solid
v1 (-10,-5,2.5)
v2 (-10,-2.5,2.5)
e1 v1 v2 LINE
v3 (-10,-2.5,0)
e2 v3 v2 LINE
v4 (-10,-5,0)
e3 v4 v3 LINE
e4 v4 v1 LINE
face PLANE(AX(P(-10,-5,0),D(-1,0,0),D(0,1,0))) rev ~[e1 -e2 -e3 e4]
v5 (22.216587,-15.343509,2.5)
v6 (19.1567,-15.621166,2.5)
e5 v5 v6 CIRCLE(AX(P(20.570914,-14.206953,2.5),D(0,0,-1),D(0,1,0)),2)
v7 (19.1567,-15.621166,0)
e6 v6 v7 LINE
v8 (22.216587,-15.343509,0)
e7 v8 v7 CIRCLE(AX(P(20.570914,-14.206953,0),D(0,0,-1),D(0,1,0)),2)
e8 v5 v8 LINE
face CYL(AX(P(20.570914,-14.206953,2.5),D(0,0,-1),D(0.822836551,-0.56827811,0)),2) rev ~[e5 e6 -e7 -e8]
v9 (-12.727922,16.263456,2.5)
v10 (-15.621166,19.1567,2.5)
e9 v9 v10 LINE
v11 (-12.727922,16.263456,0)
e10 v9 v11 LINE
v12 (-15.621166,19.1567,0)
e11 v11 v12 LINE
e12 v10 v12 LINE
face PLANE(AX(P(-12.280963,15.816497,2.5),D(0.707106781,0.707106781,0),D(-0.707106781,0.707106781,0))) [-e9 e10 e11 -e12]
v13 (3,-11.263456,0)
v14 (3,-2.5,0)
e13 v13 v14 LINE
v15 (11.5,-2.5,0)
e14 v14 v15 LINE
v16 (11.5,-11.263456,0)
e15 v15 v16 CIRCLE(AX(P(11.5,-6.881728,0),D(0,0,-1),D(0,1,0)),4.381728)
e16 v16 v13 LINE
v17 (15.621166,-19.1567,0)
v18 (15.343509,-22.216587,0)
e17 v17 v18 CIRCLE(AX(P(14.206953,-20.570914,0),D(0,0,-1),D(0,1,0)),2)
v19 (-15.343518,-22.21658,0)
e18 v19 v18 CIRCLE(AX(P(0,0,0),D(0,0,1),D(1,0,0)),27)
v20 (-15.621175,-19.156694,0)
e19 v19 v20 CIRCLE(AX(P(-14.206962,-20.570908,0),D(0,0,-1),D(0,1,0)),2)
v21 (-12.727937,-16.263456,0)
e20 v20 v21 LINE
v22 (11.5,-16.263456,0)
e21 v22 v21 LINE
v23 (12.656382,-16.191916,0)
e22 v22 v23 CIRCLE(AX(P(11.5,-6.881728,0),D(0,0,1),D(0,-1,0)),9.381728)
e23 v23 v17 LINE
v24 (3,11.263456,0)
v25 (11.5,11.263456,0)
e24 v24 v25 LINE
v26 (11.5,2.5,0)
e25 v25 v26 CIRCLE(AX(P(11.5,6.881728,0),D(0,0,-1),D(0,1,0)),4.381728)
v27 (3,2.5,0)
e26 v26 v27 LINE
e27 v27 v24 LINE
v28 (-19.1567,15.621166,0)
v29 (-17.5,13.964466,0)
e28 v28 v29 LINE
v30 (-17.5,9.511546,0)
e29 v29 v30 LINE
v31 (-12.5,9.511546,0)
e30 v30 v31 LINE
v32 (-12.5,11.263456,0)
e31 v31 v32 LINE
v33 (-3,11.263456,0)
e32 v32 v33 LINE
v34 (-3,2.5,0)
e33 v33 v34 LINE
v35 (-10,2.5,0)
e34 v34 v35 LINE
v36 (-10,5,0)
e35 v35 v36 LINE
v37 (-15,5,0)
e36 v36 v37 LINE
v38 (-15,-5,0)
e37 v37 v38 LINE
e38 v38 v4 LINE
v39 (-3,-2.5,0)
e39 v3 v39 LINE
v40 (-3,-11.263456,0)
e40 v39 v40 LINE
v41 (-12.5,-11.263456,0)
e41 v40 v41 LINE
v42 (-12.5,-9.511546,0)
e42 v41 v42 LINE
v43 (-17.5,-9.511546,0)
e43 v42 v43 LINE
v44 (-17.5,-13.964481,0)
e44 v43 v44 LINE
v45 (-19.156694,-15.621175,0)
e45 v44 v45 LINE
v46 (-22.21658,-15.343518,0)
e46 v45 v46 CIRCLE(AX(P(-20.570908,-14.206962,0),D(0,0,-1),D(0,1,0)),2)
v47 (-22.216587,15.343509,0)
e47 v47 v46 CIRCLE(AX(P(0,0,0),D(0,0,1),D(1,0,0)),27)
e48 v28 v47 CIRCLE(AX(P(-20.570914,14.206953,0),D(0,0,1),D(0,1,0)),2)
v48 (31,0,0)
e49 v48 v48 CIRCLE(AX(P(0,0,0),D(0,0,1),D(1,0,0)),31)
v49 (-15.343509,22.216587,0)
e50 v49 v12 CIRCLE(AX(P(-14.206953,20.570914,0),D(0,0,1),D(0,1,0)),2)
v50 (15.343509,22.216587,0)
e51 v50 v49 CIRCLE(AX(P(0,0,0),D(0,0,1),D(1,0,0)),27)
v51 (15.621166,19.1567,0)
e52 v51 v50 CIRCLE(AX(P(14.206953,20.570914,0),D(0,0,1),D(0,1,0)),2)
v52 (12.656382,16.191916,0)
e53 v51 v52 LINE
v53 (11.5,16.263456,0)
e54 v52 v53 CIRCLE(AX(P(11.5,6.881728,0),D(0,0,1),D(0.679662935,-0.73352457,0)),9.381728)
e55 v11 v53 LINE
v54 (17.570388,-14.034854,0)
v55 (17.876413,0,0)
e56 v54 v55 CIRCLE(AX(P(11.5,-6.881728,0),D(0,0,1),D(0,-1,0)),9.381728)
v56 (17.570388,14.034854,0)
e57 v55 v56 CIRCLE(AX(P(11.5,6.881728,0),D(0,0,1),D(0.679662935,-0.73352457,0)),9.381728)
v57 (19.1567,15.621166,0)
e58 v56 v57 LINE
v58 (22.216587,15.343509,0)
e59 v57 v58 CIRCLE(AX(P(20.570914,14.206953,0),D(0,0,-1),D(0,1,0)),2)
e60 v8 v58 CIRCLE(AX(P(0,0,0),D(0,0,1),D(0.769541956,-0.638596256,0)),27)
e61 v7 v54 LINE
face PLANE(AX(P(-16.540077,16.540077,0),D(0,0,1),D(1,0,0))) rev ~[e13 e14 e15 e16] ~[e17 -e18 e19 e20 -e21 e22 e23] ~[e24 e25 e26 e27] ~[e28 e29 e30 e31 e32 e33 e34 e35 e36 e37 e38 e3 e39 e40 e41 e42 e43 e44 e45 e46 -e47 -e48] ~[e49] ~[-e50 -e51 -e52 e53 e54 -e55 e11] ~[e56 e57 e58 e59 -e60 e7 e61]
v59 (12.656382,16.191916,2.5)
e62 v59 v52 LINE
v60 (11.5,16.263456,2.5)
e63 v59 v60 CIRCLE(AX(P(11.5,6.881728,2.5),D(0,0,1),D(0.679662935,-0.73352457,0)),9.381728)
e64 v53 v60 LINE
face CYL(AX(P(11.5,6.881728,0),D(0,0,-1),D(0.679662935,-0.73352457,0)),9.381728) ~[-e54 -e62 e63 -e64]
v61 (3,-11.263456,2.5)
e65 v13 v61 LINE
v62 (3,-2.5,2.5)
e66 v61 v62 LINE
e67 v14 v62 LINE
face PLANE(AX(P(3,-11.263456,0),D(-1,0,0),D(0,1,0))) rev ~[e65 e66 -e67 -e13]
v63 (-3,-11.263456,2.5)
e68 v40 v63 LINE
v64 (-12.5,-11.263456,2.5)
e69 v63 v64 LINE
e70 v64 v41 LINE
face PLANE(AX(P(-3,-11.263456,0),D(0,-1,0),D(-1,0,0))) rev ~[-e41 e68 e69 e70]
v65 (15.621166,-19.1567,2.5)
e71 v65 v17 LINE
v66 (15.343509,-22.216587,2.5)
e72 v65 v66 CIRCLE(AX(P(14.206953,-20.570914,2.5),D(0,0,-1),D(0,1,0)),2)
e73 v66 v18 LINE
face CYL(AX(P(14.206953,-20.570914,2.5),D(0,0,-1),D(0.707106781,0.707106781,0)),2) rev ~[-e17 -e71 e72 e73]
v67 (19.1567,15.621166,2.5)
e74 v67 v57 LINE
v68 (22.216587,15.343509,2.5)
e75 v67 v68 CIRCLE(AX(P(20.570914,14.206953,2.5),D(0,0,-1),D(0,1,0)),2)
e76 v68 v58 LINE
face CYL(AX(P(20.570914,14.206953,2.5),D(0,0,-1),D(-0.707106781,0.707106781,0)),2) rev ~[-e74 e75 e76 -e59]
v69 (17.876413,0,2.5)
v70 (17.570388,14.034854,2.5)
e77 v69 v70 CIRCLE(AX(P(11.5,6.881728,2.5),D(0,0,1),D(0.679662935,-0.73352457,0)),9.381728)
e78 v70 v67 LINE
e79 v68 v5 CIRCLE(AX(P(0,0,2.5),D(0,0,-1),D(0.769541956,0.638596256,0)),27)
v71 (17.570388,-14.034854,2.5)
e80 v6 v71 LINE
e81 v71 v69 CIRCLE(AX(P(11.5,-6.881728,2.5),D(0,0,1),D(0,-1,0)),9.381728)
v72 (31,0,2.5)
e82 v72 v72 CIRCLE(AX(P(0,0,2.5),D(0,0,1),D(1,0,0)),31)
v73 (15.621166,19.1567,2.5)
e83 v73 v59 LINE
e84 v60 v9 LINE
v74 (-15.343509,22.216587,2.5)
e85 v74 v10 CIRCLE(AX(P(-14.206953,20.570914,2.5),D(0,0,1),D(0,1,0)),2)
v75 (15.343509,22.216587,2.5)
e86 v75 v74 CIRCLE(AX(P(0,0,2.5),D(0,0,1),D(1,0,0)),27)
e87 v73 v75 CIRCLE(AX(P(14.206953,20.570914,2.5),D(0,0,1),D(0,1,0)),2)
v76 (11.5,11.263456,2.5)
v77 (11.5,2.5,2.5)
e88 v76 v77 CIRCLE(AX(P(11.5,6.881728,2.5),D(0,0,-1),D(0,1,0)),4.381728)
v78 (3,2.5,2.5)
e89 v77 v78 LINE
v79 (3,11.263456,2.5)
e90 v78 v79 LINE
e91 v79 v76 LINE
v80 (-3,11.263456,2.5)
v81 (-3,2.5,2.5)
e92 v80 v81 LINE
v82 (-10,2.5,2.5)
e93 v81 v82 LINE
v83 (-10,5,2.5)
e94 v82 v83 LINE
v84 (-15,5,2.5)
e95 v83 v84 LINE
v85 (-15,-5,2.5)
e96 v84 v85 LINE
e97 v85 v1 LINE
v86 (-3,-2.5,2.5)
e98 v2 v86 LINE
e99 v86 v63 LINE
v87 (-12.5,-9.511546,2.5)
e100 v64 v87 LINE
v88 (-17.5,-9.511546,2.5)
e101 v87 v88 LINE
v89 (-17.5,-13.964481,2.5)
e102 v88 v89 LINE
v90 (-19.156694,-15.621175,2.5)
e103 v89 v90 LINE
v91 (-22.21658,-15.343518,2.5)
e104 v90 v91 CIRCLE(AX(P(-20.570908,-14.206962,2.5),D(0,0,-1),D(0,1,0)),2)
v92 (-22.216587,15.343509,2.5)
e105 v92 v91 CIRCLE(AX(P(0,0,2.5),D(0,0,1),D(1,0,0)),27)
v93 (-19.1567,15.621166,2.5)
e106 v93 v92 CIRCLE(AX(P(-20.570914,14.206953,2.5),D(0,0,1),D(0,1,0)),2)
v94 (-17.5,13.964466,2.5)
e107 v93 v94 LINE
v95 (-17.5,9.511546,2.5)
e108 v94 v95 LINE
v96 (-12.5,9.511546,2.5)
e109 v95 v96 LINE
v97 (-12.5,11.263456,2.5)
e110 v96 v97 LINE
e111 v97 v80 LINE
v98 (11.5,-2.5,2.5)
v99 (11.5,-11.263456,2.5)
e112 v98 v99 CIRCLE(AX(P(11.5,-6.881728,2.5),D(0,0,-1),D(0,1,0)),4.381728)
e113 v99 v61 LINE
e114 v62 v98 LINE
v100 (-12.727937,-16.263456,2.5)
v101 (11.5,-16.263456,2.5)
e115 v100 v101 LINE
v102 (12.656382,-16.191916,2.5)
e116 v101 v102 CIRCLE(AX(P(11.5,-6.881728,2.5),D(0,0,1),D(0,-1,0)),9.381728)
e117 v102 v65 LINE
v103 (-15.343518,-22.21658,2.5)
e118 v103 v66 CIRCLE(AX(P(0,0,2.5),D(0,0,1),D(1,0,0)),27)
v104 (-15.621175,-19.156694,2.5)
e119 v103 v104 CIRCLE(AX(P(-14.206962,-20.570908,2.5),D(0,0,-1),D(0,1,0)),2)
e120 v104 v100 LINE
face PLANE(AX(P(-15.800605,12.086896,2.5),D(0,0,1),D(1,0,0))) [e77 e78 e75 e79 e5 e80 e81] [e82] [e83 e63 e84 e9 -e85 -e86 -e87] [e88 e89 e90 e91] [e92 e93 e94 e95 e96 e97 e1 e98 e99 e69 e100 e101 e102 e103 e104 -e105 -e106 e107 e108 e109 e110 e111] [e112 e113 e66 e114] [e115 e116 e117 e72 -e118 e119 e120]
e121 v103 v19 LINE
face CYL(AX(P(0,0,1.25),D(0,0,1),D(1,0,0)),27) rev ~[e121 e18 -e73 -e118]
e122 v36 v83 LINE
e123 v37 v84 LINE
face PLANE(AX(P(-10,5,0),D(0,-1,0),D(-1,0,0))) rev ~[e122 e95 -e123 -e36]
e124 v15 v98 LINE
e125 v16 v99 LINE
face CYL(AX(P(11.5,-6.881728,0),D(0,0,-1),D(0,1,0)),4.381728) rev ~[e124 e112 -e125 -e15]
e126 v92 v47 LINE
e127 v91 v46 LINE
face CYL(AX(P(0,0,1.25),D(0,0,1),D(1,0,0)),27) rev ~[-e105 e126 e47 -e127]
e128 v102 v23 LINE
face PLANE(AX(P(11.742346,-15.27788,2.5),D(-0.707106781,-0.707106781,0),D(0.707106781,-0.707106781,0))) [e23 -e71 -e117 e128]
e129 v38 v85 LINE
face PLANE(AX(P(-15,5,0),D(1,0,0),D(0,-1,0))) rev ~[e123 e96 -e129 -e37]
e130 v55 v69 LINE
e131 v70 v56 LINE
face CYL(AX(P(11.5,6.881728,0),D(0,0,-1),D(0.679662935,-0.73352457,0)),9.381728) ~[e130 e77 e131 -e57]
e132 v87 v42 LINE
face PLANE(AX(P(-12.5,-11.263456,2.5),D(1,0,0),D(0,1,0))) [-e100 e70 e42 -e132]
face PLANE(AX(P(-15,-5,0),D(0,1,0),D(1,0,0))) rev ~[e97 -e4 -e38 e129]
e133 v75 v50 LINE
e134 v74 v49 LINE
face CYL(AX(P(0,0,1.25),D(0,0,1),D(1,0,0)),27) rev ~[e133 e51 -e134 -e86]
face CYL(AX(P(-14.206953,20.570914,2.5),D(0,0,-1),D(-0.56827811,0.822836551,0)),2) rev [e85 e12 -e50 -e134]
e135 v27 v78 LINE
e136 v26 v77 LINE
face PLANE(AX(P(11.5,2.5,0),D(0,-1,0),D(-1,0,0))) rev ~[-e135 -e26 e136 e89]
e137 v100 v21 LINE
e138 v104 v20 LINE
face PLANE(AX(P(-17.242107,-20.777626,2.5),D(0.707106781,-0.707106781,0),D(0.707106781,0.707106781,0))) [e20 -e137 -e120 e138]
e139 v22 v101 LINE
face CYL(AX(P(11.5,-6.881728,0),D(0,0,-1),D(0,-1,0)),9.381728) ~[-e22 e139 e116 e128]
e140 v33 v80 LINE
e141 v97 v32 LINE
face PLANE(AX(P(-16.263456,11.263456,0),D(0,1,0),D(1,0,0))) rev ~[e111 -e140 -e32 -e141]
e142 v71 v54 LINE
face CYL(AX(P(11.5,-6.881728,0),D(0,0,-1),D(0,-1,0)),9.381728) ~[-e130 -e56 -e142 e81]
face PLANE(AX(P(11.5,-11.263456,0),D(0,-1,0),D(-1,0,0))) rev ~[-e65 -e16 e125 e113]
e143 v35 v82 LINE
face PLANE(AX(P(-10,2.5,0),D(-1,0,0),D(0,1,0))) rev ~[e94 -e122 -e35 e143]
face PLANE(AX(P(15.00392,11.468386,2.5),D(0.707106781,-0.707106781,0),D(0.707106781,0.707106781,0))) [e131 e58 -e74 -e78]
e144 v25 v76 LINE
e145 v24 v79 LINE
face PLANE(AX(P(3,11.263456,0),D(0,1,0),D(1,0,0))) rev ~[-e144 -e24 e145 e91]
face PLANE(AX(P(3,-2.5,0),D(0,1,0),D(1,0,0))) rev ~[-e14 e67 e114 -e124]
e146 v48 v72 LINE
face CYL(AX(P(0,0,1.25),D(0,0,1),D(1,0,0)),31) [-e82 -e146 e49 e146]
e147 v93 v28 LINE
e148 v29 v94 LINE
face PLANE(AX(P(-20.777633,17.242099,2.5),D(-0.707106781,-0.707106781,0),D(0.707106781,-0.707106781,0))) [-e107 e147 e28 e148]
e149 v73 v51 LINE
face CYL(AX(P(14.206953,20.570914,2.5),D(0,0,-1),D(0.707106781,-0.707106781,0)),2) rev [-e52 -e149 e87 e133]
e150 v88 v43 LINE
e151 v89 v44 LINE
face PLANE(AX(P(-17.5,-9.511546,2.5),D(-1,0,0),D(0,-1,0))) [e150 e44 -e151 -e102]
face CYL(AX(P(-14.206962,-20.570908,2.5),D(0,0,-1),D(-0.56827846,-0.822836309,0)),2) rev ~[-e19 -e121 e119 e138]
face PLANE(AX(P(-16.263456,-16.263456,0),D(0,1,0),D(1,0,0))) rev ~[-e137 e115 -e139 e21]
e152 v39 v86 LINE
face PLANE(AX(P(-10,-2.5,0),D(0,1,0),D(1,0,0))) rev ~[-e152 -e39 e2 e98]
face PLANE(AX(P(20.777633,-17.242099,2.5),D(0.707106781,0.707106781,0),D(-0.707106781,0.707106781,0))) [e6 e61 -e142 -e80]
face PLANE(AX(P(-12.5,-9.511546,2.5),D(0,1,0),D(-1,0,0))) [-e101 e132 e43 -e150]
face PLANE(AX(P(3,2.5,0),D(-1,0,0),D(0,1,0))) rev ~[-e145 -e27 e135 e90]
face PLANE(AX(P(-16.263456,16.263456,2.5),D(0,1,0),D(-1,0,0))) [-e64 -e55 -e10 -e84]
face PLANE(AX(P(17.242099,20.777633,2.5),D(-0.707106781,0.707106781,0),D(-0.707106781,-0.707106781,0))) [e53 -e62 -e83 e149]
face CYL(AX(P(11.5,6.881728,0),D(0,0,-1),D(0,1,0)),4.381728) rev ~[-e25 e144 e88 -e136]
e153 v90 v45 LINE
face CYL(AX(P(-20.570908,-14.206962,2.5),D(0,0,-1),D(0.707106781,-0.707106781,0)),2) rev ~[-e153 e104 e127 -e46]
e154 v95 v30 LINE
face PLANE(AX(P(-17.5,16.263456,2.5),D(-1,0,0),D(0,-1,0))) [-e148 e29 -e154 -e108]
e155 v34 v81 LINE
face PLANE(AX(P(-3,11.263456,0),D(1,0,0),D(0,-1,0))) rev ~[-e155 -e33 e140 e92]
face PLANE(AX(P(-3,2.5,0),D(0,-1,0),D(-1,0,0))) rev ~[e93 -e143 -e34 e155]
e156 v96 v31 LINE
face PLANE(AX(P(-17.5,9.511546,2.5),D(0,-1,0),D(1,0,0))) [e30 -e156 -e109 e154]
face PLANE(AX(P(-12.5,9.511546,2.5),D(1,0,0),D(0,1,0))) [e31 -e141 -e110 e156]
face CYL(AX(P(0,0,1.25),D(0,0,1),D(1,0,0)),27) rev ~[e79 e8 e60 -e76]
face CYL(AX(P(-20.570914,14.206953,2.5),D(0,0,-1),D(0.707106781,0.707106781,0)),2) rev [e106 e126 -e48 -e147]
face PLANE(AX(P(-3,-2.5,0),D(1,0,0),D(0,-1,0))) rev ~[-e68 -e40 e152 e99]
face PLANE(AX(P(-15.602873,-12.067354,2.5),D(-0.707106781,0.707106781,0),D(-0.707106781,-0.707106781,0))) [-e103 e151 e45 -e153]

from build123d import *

# Parameters (mm, degrees)
F0_W     = 4
F0_H     = 2.5
F3_DEPTH = 2.5
F5_DEPTH = 2.5
F7_DEPTH = 2.5
F8_R     = 2
F9_R     = 2
F10_R    = 2
F11_R    = 2


with BuildPart() as f1:
    # F0 (on Front) → F1 (revolve)
    with BuildSketch(Plane.XZ):
        with Locations((29, 1.25)):
            Rectangle(F0_W, F0_H)
    revolve(axis=Axis((0, 0, 8.2326699048), (0, 0, 1)))



with BuildPart() as f3:
    # F2 (on Top) → F3 (new body, through all)
    with BuildSketch(Plane.XY):
        with BuildLine():
            Line((11.5, 16.2634559673), (-16.2634559673, 16.2634559673))
            Line((-16.2634559673, 16.2634559673), (-16.2634559673, 11.2634559673))
            Line((-16.2634559673, 11.2634559673), (-3, 11.2634559673))
            Line((-3, 11.2634559673), (-3, 2.5))
            Line((-3, 2.5), (-10, 2.5))
            Line((-10, 2.5), (-10, 5))
            Line((-10, 5), (-15, 5))
            Line((-15, 5), (-15, -5))
            Line((-15, -5), (-10, -5))
            Line((-10, -5), (-10, -2.5))
            Line((-10, -2.5), (-3, -2.5))
            Line((-3, -2.5), (-3, -11.2634559673))
            Line((-3, -11.2634559673), (-16.2634559673, -11.2634559673))
            Line((-16.2634559673, -11.2634559673), (-16.2634559673, -16.2634559673))
            Line((-16.2634559673, -16.2634559673), (11.5, -16.2634559673))
            ThreePointArc((11.5, -16.2634559673), (20.2343952269, -10.3062221039), (17.8764127782, 0))
            ThreePointArc((17.8764127782, 0), (20.2343952269, 10.3062221039), (11.5, 16.2634559673))
        make_face()
        with BuildLine():
            ThreePointArc((11.5, -2.5), (15.8817279836, -6.8817279836), (11.5, -11.2634559673))
            Line((11.5, -11.2634559673), (3, -11.2634559673))
            Line((3, -11.2634559673), (3, -2.5))
            Line((3, -2.5), (11.5, -2.5))
        make_face(mode=Mode.SUBTRACT)
        with BuildLine():
            Line((11.5, 2.5), (3, 2.5))
            Line((3, 2.5), (3, 11.2634559673))
            Line((3, 11.2634559673), (11.5, 11.2634559673))
            ThreePointArc((11.5, 11.2634559673), (15.8817279836, 6.8817279836), (11.5, 2.5))
        make_face(mode=Mode.SUBTRACT)
    extrude(amount=F3_DEPTH)

    # F4 (on face) → F5 (join, through all)
    with BuildSketch(Plane.XY.offset(2.5)):
        Polygon((-17.5, 9.5115462318), (-12.5, 9.5115462318), (-12.5, 11.2634559673), (-16.2634559673, 11.2634559673), (-16.2634559673, 16.2634559673), (-17.5, 16.2634559673), align=None)
        Polygon((-16.2634559673, -11.2634559673), (-12.5, -11.2634559673), (-12.5, -9.5115462318), (-17.5, -9.5115462318), (-17.5, -16.2634559673), (-16.2634559673, -16.2634559673), align=None)
    extrude(amount=-F5_DEPTH)


with BuildPart() as f1_1:
    add(f1.part)

    add(f3.part)  # F7 merges F3
    # F6 (on face) → F7 (join, through all)
    with BuildSketch(Plane.XY.offset(2.5)):
        with BuildLine():
            Line((-12.2809633628, 15.8164972687), (-17.2420989066, 20.7776328126))
            ThreePointArc((-17.2420989066, 20.7776328126), (-19.091883092, 19.091883092), (-20.7776328126, 17.2420989066))
            Line((-20.7776328126, 17.2420989066), (-15.8164972687, 12.2809633628))
            Line((-15.8164972687, 12.2809633628), (-12.2809633628, 15.8164972687))
        make_face()
        with BuildLine():
            ThreePointArc((20.7776328126, 17.2420989066), (19.091883092, 19.091883092), (17.2420989066, 20.7776328126))
            Line((17.2420989066, 20.7776328126), (11.4683862851, 15.0039201911))
            Line((11.4683862851, 15.0039201911), (15.0039201911, 11.4683862851))
            Line((15.0039201911, 11.4683862851), (20.7776328126, 17.2420989066))
        make_face()
        with BuildLine():
            ThreePointArc((17.2420989066, -20.7776328126), (19.091883092, -19.091883092), (20.7776328126, -17.2420989066))
            Line((20.7776328126, -17.2420989066), (15.277879572, -11.742345666))
            Line((15.277879572, -11.742345666), (11.742345666, -15.277879572))
            Line((11.742345666, -15.277879572), (17.2420989066, -20.7776328126))
        make_face()
        with BuildLine():
            Line((-15.6028734736, -12.0673543775), (-20.7776260963, -17.2421070001))
            ThreePointArc((-20.7776260963, -17.2421070001), (-19.091883092, -19.091883092), (-17.2421070001, -20.7776260963))
            Line((-17.2421070001, -20.7776260963), (-12.057121052, -15.5926401481))
            Line((-12.057121052, -15.5926401481), (-15.6028734736, -12.0673543775))
        make_face()
    extrude(amount=-F7_DEPTH)

    # F8
    f8_edges = [f1_1.edges().sort_by_distance(p)[0] for p in [
        (-17.242099, 20.777633, 1.25),
        (17.242099, 20.777633, 1.25),
    ]]
    fillet(f8_edges, radius=F8_R)

    # F9
    f9_edges = [f1_1.edges().sort_by_distance(p)[0] for p in [
        (-20.777633, 17.242099, 1.25),
        (-20.777626, -17.242107, 1.25),
    ]]
    fillet(f9_edges, radius=F9_R)

    # F10
    f10_edges = [f1_1.edges().sort_by_distance(p)[0] for p in [
        (-17.242107, -20.777626, 1.25),
        (17.242099, -20.777633, 1.25),
    ]]
    fillet(f10_edges, radius=F10_R)

    # F11
    f11_edges = [f1_1.edges().sort_by_distance(p)[0] for p in [
        (20.777633, 17.242099, 1.25),
        (20.777633, -17.242099, 1.25),
    ]]
    fillet(f11_edges, radius=F11_R)


solid = f1_1.part
